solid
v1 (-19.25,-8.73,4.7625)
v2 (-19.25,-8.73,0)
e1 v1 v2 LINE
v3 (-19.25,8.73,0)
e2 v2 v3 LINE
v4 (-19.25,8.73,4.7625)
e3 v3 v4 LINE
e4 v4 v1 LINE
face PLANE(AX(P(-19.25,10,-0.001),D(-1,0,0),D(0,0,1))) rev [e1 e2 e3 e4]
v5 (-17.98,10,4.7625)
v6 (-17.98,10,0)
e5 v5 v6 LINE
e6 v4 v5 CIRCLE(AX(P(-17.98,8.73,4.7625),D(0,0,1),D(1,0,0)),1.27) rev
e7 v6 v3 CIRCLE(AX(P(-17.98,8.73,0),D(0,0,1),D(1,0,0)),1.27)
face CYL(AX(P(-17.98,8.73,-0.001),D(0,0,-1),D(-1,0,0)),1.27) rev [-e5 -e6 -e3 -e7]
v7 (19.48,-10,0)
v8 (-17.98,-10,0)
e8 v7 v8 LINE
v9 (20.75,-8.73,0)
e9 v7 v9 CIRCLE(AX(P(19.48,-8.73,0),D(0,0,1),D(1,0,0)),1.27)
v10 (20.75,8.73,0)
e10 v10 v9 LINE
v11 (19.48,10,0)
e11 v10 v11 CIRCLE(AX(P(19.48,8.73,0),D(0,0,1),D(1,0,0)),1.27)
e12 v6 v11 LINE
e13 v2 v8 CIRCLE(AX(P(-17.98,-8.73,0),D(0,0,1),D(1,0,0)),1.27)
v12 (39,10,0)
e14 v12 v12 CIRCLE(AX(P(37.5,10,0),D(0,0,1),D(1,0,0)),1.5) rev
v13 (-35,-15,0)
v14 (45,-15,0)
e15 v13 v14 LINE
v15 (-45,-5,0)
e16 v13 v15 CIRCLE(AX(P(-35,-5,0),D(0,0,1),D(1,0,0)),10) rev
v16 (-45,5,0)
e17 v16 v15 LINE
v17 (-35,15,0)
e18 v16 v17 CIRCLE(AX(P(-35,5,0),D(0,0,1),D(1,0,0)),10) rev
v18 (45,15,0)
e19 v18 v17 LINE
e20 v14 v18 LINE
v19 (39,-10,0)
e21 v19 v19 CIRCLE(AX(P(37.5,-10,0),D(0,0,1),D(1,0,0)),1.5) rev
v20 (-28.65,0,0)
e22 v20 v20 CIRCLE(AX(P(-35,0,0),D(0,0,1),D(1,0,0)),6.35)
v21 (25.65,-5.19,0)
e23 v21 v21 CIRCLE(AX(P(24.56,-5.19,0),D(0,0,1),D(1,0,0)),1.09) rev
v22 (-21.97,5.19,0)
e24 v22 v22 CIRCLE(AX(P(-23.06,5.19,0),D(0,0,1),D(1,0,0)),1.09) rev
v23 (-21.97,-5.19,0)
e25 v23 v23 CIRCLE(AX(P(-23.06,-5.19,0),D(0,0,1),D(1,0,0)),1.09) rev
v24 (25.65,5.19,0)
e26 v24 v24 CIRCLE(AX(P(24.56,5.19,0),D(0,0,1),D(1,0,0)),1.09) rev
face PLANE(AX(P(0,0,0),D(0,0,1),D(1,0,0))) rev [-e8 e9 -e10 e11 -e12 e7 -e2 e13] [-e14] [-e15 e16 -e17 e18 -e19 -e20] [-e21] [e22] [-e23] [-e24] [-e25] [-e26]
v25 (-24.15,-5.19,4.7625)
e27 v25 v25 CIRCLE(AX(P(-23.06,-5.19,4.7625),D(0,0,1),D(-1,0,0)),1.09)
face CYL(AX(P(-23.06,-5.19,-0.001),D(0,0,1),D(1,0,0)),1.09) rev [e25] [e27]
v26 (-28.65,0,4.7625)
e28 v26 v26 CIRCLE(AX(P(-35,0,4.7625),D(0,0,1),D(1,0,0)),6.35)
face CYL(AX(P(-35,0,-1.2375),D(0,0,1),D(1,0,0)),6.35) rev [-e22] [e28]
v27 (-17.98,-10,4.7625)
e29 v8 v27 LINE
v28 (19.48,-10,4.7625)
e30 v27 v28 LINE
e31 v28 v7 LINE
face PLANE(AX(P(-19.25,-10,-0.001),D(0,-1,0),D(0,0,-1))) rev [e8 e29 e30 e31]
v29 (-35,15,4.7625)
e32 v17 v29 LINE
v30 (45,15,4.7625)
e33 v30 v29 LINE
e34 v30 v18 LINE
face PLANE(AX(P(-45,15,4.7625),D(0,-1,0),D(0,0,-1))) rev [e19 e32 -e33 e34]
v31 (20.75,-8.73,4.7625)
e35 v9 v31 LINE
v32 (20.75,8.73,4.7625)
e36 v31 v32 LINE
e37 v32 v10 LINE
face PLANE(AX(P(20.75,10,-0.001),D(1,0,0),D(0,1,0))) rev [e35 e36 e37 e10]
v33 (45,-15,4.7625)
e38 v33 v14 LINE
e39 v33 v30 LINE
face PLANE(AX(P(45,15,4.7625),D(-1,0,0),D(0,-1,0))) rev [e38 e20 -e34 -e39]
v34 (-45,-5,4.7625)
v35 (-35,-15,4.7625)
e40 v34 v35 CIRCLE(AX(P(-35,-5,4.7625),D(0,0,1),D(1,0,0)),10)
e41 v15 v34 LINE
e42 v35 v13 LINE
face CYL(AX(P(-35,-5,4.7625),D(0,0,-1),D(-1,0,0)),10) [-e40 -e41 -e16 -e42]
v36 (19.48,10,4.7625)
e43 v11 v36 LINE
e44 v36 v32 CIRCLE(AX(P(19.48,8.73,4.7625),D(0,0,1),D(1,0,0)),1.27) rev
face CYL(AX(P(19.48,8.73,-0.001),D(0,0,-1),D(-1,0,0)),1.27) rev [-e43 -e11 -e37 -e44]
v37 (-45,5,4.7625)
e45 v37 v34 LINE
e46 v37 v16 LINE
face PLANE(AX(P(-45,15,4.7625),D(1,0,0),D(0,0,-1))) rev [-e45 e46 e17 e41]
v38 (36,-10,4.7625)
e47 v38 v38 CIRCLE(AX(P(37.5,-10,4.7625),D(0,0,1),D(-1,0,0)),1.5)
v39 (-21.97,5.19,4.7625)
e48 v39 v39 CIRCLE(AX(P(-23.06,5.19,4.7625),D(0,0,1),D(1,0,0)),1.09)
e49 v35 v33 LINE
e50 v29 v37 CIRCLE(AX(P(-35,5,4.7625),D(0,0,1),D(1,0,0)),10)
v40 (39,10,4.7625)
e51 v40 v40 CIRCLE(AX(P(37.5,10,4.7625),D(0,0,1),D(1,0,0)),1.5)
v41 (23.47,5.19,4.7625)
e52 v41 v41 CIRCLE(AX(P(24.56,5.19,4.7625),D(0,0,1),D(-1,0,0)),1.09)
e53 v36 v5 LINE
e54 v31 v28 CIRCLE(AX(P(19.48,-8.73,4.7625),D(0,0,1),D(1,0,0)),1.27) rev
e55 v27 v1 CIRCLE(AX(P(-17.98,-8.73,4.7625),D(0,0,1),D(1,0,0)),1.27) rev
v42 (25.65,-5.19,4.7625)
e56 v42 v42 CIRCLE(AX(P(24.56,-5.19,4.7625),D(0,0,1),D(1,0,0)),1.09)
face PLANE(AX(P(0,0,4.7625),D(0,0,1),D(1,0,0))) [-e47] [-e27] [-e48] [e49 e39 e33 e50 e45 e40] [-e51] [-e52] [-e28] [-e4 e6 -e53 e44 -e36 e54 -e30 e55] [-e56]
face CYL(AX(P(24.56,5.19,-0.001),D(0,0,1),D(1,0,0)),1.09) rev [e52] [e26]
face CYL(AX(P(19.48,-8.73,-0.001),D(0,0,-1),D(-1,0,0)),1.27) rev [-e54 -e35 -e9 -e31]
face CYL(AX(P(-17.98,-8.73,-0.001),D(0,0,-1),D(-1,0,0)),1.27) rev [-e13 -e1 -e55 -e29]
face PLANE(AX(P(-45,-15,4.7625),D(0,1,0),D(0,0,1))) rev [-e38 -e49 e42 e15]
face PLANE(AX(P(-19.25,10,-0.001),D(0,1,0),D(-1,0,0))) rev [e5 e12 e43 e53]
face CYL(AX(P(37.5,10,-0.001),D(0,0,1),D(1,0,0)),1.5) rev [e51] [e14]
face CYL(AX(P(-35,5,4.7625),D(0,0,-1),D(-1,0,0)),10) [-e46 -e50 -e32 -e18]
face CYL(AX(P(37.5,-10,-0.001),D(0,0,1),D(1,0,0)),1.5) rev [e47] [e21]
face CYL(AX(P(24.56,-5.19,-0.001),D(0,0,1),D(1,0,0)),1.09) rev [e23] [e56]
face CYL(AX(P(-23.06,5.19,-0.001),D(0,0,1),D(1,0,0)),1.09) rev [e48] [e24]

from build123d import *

# Parameters (mm, degrees)
ESQUISSE1_W             = 90
ESQUISSE1_H             = 30
BOSS_EXTRU_1_DEPTH      = 4.7625
CONG_1_R                = 10
ESQUISSE2_R             = 6.35
ENL_V_MAT_EXTRU_1_DEPTH = 6
ENL_V_MAT_EXTRU_2_REACH = 49.673
ESQUISSE3_W             = 40
ESQUISSE3_H             = 20
CONG_2_R                = 1.27
ENL_V_MAT_EXTRU_3_REACH = 49.673
ESQUISSE4_R             = 1.09
ENL_V_MAT_EXTRU_4_REACH = 49.673
ESQUISSE6_R             = 1.5


with BuildPart() as part:
    # Esquisse1 → Boss.-Extru.1 (new body)
    with BuildSketch(Plane.XY):
        Rectangle(ESQUISSE1_W, ESQUISSE1_H)
    extrude(amount=BOSS_EXTRU_1_DEPTH)

    # Congé1
    cong_1_edges = [part.edges().sort_by_distance(p)[0] for p in [
        (-45, -15, 2.38125),
        (-45, 15, 2.38125),
    ]]
    fillet(cong_1_edges, radius=CONG_1_R)

    # Esquisse2 → Enlèv. mat.-Extru.1 (cut)
    with BuildSketch(Plane.XY.offset(4.7625)):
        with Locations((-35, 0)):
            Circle(ESQUISSE2_R)
    extrude(amount=-ENL_V_MAT_EXTRU_1_DEPTH, mode=Mode.SUBTRACT)

    # Esquisse3 → Enlèv. mat.-Extru.2 (cut, up to next)
    with BuildSketch(Plane.XY.offset(4.7625), mode=Mode.PRIVATE) as enl_v_mat_extru_2_sk1:
        with Locations((0.75, 0)):
            Rectangle(ESQUISSE3_W, ESQUISSE3_H)
    enl_v_mat_extru_2_tool1 = extrude(enl_v_mat_extru_2_sk1.sketch, amount=-ENL_V_MAT_EXTRU_2_REACH, mode=Mode.PRIVATE) & part.part
    add(enl_v_mat_extru_2_tool1.solids().sort_by_distance((0.75, 0, 4.7625))[0], mode=Mode.SUBTRACT)

    # Congé2
    cong_2_edges = [part.edges().sort_by_distance(p)[0] for p in [
        (-19.25, -10, 2.38125),
        (-19.25, 10, 2.38125),
        (20.75, 10, 2.38125),
        (20.75, -10, 2.38125),
    ]]
    fillet(cong_2_edges, radius=CONG_2_R)

    # Esquisse4 → Enlèv. mat.-Extru.3 (cut, up to next)
    with BuildSketch(Plane.XY.offset(4.7625), mode=Mode.PRIVATE) as enl_v_mat_extru_3_sk1:
        with Locations((-23.06, 5.19)):
            Circle(ESQUISSE4_R)
    enl_v_mat_extru_3_tool1 = extrude(enl_v_mat_extru_3_sk1.sketch, amount=-ENL_V_MAT_EXTRU_3_REACH, mode=Mode.PRIVATE) & part.part
    # Esquisse4 → Enlèv. mat.-Extru.3 (cut, up to next)
    with BuildSketch(Plane.XY.offset(4.7625), mode=Mode.PRIVATE) as enl_v_mat_extru_3_sk2:
        with Locations((-23.06, -5.19)):
            Circle(ESQUISSE4_R)
    enl_v_mat_extru_3_tool2 = extrude(enl_v_mat_extru_3_sk2.sketch, amount=-ENL_V_MAT_EXTRU_3_REACH, mode=Mode.PRIVATE) & part.part
    # Esquisse4 → Enlèv. mat.-Extru.3 (cut, up to next)
    with BuildSketch(Plane.XY.offset(4.7625), mode=Mode.PRIVATE) as enl_v_mat_extru_3_sk3:
        with Locations((24.56, -5.19)):
            Circle(ESQUISSE4_R)
    enl_v_mat_extru_3_tool3 = extrude(enl_v_mat_extru_3_sk3.sketch, amount=-ENL_V_MAT_EXTRU_3_REACH, mode=Mode.PRIVATE) & part.part
    # Esquisse4 → Enlèv. mat.-Extru.3 (cut, up to next)
    with BuildSketch(Plane.XY.offset(4.7625), mode=Mode.PRIVATE) as enl_v_mat_extru_3_sk4:
        with Locations((24.56, 5.19)):
            Circle(ESQUISSE4_R)
    enl_v_mat_extru_3_tool4 = extrude(enl_v_mat_extru_3_sk4.sketch, amount=-ENL_V_MAT_EXTRU_3_REACH, mode=Mode.PRIVATE) & part.part
    add(enl_v_mat_extru_3_tool1.solids().sort_by_distance((-23.06, 5.19, 4.7625))[0], mode=Mode.SUBTRACT)
    add(enl_v_mat_extru_3_tool2.solids().sort_by_distance((-23.06, -5.19, 4.7625))[0], mode=Mode.SUBTRACT)
    add(enl_v_mat_extru_3_tool3.solids().sort_by_distance((24.56, -5.19, 4.7625))[0], mode=Mode.SUBTRACT)
    add(enl_v_mat_extru_3_tool4.solids().sort_by_distance((24.56, 5.19, 4.7625))[0], mode=Mode.SUBTRACT)

    # Esquisse6 → Enlèv. mat.-Extru.4 (cut, up to next)
    with BuildSketch(Plane.XY.offset(4.7625), mode=Mode.PRIVATE) as enl_v_mat_extru_4_sk1:
        with Locations((37.5, 10)):
            Circle(ESQUISSE6_R)
    enl_v_mat_extru_4_tool1 = extrude(enl_v_mat_extru_4_sk1.sketch, amount=-ENL_V_MAT_EXTRU_4_REACH, mode=Mode.PRIVATE) & part.part
    # Esquisse6 → Enlèv. mat.-Extru.4 (cut, up to next)
    with BuildSketch(Plane.XY.offset(4.7625), mode=Mode.PRIVATE) as enl_v_mat_extru_4_sk2:
        with Locations((37.5, -10)):
            Circle(ESQUISSE6_R)
    enl_v_mat_extru_4_tool2 = extrude(enl_v_mat_extru_4_sk2.sketch, amount=-ENL_V_MAT_EXTRU_4_REACH, mode=Mode.PRIVATE) & part.part
    add(enl_v_mat_extru_4_tool1.solids().sort_by_distance((37.5, 10, 4.7625))[0], mode=Mode.SUBTRACT)
    add(enl_v_mat_extru_4_tool2.solids().sort_by_distance((37.5, -10, 4.7625))[0], mode=Mode.SUBTRACT)


solid = part.part
